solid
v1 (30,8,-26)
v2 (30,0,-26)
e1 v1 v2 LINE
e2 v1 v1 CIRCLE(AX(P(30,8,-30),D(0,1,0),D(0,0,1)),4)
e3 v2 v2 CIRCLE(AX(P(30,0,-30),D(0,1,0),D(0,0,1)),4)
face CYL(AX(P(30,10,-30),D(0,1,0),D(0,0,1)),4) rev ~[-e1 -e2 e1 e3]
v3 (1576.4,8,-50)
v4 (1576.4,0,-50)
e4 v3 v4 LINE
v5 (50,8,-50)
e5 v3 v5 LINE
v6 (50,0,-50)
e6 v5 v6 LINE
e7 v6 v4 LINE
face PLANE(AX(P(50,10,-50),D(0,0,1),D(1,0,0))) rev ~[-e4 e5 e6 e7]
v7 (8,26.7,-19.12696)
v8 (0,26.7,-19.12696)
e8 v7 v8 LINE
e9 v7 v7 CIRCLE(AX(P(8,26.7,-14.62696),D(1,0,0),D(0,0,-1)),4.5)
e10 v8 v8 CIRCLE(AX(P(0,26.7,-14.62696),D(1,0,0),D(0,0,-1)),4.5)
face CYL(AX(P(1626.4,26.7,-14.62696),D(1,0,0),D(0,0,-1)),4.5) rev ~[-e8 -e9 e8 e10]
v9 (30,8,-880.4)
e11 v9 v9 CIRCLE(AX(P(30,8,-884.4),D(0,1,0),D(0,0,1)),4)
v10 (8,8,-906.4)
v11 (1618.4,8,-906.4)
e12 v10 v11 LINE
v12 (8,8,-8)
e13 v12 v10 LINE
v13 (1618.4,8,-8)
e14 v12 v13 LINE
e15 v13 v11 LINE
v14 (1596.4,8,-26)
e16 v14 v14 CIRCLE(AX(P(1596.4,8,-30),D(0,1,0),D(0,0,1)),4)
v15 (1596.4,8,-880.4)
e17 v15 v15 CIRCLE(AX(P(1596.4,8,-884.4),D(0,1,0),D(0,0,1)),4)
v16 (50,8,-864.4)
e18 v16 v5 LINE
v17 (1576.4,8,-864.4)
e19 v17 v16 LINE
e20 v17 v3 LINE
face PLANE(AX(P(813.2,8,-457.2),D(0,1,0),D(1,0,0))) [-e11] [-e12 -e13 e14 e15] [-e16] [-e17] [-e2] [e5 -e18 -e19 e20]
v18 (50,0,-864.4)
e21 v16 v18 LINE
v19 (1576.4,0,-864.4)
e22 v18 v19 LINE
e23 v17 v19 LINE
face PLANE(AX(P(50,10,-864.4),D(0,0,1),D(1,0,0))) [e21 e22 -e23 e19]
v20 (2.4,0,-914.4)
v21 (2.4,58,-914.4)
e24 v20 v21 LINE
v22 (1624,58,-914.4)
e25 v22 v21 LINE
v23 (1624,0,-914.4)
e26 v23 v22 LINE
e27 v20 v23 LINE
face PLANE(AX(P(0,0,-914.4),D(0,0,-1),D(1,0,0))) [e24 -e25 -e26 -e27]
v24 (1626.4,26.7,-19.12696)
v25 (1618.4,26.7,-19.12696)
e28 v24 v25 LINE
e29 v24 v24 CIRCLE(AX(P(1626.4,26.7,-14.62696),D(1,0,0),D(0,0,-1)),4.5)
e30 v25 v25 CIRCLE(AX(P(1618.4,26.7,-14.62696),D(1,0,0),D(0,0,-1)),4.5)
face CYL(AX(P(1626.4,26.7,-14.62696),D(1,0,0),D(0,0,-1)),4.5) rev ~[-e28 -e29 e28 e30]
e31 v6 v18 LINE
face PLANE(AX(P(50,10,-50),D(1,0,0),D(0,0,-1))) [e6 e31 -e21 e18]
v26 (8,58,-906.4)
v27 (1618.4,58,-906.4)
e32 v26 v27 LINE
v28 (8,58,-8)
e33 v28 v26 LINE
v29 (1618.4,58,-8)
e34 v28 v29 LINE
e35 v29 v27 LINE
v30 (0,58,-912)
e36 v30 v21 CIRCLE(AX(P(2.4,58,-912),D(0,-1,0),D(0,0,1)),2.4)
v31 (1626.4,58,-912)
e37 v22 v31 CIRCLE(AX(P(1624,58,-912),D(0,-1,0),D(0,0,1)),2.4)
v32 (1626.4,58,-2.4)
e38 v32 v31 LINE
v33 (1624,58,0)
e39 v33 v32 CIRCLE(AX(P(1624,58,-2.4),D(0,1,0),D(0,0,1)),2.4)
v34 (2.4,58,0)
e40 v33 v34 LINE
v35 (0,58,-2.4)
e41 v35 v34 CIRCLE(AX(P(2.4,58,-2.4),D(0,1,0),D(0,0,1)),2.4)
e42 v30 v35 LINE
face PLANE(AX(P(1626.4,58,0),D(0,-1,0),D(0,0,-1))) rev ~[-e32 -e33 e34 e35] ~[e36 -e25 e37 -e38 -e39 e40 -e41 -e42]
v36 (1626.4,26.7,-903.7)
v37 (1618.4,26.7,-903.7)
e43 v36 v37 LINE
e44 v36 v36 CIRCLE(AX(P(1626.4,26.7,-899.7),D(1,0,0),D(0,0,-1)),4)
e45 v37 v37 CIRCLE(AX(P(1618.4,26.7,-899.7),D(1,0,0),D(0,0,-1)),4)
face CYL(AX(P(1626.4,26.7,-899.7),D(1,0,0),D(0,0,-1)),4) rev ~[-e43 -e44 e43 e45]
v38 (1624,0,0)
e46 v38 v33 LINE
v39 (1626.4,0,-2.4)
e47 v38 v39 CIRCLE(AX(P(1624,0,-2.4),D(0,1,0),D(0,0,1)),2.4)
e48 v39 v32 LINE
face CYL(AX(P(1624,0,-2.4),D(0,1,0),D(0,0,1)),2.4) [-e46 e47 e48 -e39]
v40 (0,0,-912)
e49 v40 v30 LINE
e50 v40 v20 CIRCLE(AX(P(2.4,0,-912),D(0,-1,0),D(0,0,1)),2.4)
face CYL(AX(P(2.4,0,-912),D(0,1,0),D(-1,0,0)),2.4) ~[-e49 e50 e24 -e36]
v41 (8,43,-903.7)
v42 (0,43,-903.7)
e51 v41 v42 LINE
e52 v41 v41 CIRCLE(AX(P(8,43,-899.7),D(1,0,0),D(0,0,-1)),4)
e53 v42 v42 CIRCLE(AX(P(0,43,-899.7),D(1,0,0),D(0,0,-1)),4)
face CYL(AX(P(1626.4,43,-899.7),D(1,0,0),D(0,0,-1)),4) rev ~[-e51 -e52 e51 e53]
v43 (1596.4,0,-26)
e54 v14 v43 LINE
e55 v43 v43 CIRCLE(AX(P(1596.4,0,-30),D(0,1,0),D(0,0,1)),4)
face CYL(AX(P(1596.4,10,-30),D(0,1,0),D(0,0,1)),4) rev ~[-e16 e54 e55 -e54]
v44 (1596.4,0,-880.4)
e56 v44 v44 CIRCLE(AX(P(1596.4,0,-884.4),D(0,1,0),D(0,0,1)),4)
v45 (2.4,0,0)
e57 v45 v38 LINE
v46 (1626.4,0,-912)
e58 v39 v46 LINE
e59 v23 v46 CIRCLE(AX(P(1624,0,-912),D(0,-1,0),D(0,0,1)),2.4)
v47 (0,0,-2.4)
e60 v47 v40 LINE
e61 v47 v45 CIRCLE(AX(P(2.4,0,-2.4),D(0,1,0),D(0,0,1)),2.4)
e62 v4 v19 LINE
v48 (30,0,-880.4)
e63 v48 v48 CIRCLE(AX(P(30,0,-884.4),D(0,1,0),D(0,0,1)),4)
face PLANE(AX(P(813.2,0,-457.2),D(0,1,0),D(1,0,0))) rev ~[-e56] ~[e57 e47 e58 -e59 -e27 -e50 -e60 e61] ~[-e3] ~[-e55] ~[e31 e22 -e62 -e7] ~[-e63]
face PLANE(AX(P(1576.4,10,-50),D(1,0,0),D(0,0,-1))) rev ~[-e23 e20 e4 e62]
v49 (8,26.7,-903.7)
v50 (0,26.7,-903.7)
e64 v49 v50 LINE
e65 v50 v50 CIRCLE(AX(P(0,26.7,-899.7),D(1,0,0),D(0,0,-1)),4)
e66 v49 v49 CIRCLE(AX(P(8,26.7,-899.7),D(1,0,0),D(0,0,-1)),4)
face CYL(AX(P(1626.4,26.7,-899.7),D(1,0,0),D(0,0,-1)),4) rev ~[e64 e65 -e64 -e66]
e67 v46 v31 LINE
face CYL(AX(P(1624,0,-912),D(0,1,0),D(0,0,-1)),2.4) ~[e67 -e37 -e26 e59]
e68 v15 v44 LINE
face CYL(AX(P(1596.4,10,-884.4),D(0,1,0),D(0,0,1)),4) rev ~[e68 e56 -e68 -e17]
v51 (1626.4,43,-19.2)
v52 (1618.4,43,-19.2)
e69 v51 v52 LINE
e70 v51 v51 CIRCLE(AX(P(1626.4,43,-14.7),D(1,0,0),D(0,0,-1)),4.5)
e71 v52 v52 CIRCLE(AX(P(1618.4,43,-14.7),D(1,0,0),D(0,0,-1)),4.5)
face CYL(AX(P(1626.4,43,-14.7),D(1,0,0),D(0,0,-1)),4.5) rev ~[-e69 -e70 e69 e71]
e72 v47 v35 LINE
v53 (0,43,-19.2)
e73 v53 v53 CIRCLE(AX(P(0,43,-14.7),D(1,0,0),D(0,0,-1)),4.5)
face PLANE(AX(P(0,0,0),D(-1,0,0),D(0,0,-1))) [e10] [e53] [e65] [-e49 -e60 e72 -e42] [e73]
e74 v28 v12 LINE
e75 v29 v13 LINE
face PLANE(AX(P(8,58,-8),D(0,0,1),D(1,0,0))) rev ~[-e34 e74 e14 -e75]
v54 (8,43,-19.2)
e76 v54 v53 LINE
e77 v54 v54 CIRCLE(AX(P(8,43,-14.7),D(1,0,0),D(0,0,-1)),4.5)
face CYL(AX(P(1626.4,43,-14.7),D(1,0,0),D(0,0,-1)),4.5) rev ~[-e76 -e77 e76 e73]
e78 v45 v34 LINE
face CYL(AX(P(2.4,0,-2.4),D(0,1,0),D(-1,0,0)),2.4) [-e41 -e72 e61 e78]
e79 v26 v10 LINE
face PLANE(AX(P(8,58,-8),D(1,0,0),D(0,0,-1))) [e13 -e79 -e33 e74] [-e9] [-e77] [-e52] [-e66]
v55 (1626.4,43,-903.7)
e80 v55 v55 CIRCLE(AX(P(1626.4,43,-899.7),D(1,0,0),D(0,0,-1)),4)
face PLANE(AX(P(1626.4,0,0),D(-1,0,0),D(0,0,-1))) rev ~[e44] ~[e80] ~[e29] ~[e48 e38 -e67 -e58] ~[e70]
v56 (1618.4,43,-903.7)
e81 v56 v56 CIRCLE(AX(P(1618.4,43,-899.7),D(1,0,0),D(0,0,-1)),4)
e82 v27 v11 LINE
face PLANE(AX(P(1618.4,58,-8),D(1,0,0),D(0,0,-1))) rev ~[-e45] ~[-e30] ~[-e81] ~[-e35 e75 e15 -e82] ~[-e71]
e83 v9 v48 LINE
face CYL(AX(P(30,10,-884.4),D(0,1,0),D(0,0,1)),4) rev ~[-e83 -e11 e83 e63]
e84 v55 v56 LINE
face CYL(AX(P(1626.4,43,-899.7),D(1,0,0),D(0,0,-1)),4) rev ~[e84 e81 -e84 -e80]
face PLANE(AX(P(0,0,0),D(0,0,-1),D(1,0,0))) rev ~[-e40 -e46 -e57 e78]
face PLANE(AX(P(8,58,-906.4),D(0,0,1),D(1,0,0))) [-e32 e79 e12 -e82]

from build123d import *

# Parameters (mm, degrees)
SKETCH2_W           = 1626.4
SKETCH2_H           = 914.4
BOSS_EXTRUDE1_DEPTH = 100
SHELL1_T            = -10
SKETCH3_W           = 1526.4
SKETCH3_H           = 814.4
CUT_EXTRUDE1_DEPTH  = 1868.994732327
SKETCH8_W           = 914.4
SKETCH8_H           = 42
CUT_EXTRUDE5_DEPTH  = 1869.503229861
SKETCH9_R           = 4
CUT_EXTRUDE8_DEPTH  = 1867.72663237
SKETCH10_R          = 4
CUT_EXTRUDE9_DEPTH  = 1867.442691325
SKETCH11_W          = 1610.4
SKETCH11_H          = 898.4
CUT_EXTRUDE10_DEPTH = 50
FILLET1_R           = 2.4
SKETCH13_R          = 4.5
CUT_EXTRUDE11_DEPTH = 1867.72663237


with BuildPart() as part:
    # Sketch2 → Boss-Extrude1 (new body)
    with BuildSketch(Plane(origin=(0, 0, 0), x_dir=(1, 0, 0), z_dir=(0, 1, 0))):
        with Locations((813.2, 457.2)):
            Rectangle(SKETCH2_W, SKETCH2_H)
    extrude(amount=BOSS_EXTRUDE1_DEPTH)

    # Shell1
    shell1_openings = [part.faces().sort_by_distance(p)[0] for p in [
        (813.2, 100, -457.2),
    ]]
    offset(amount=SHELL1_T, openings=shell1_openings, kind=Kind.INTERSECTION)

    # Sketch3 → Cut-Extrude1 (cut, through all)
    with BuildSketch(Plane(origin=(0, 10, 0), x_dir=(1, 0, 0), z_dir=(0, 1, 0))):
        with Locations((813.2, 457.2)):
            Rectangle(SKETCH3_W, SKETCH3_H)
    extrude(amount=-CUT_EXTRUDE1_DEPTH, mode=Mode.SUBTRACT)

    # Sketch8 → Cut-Extrude5 (cut, through all)
    with BuildSketch(Plane(origin=(1626.4, 0, 0), x_dir=(0, 0, -1), z_dir=(1, 0, 0))):
        with Locations((457.2, 79)):
            Rectangle(SKETCH8_W, SKETCH8_H)
    extrude(amount=-CUT_EXTRUDE5_DEPTH, mode=Mode.SUBTRACT)

    # Sketch9 → Cut-Extrude8 (cut, through all)
    with BuildSketch(Plane(origin=(1626.4, 0, 0), x_dir=(0, 0, -1), z_dir=(1, 0, 0))):
        with Locations((899.7, 43)):
            Circle(SKETCH9_R)
        with Locations((899.7, 26.7)):
            Circle(SKETCH9_R)
    extrude(amount=-CUT_EXTRUDE8_DEPTH, mode=Mode.SUBTRACT)

    # Sketch10 → Cut-Extrude9 (cut, through all)
    with BuildSketch(Plane(origin=(0, 10, 0), x_dir=(1, 0, 0), z_dir=(0, 1, 0))):
        with Locations(Location((30, 884.4, 0), (0, 0, 270))):
            Circle(SKETCH10_R)
        with Locations(Location((30, 30, 0), (0, 0, 270))):
            Circle(SKETCH10_R)
        with Locations(Location((1596.4, 30, 0), (0, 0, 270))):
            Circle(SKETCH10_R)
        with Locations(Location((1596.4, 884.4, 0), (0, 0, 270))):
            Circle(SKETCH10_R)
    extrude(amount=-CUT_EXTRUDE9_DEPTH, mode=Mode.SUBTRACT)

    # Sketch11 → Cut-Extrude10 (cut)
    with BuildSketch(Plane(origin=(0, 58, 0), x_dir=(1, 0, 0), z_dir=(0, 1, 0))):
        with Locations((813.2, 457.2)):
            Rectangle(SKETCH11_W, SKETCH11_H)
    extrude(amount=-CUT_EXTRUDE10_DEPTH, mode=Mode.SUBTRACT)

    # Fillet1
    fillet1_edges = [part.edges().sort_by_distance(p)[0] for p in [
        (0, 29, -914.4),
        (1626.4, 29, -914.4),
        (1626.4, 29, 0),
        (0, 29, 0),
    ]]
    fillet(fillet1_edges, radius=FILLET1_R)

    # Sketch13 → Cut-Extrude11 (cut, through all)
    with BuildSketch(Plane(origin=(1626.4, 0, 0), x_dir=(0, 0, -1), z_dir=(1, 0, 0))):
        with Locations((14.7, 43)):
            Circle(SKETCH13_R)
        with Locations((14.626959673, 26.7)):
            Circle(SKETCH13_R)
    extrude(amount=-CUT_EXTRUDE11_DEPTH, mode=Mode.SUBTRACT)


solid = part.part
